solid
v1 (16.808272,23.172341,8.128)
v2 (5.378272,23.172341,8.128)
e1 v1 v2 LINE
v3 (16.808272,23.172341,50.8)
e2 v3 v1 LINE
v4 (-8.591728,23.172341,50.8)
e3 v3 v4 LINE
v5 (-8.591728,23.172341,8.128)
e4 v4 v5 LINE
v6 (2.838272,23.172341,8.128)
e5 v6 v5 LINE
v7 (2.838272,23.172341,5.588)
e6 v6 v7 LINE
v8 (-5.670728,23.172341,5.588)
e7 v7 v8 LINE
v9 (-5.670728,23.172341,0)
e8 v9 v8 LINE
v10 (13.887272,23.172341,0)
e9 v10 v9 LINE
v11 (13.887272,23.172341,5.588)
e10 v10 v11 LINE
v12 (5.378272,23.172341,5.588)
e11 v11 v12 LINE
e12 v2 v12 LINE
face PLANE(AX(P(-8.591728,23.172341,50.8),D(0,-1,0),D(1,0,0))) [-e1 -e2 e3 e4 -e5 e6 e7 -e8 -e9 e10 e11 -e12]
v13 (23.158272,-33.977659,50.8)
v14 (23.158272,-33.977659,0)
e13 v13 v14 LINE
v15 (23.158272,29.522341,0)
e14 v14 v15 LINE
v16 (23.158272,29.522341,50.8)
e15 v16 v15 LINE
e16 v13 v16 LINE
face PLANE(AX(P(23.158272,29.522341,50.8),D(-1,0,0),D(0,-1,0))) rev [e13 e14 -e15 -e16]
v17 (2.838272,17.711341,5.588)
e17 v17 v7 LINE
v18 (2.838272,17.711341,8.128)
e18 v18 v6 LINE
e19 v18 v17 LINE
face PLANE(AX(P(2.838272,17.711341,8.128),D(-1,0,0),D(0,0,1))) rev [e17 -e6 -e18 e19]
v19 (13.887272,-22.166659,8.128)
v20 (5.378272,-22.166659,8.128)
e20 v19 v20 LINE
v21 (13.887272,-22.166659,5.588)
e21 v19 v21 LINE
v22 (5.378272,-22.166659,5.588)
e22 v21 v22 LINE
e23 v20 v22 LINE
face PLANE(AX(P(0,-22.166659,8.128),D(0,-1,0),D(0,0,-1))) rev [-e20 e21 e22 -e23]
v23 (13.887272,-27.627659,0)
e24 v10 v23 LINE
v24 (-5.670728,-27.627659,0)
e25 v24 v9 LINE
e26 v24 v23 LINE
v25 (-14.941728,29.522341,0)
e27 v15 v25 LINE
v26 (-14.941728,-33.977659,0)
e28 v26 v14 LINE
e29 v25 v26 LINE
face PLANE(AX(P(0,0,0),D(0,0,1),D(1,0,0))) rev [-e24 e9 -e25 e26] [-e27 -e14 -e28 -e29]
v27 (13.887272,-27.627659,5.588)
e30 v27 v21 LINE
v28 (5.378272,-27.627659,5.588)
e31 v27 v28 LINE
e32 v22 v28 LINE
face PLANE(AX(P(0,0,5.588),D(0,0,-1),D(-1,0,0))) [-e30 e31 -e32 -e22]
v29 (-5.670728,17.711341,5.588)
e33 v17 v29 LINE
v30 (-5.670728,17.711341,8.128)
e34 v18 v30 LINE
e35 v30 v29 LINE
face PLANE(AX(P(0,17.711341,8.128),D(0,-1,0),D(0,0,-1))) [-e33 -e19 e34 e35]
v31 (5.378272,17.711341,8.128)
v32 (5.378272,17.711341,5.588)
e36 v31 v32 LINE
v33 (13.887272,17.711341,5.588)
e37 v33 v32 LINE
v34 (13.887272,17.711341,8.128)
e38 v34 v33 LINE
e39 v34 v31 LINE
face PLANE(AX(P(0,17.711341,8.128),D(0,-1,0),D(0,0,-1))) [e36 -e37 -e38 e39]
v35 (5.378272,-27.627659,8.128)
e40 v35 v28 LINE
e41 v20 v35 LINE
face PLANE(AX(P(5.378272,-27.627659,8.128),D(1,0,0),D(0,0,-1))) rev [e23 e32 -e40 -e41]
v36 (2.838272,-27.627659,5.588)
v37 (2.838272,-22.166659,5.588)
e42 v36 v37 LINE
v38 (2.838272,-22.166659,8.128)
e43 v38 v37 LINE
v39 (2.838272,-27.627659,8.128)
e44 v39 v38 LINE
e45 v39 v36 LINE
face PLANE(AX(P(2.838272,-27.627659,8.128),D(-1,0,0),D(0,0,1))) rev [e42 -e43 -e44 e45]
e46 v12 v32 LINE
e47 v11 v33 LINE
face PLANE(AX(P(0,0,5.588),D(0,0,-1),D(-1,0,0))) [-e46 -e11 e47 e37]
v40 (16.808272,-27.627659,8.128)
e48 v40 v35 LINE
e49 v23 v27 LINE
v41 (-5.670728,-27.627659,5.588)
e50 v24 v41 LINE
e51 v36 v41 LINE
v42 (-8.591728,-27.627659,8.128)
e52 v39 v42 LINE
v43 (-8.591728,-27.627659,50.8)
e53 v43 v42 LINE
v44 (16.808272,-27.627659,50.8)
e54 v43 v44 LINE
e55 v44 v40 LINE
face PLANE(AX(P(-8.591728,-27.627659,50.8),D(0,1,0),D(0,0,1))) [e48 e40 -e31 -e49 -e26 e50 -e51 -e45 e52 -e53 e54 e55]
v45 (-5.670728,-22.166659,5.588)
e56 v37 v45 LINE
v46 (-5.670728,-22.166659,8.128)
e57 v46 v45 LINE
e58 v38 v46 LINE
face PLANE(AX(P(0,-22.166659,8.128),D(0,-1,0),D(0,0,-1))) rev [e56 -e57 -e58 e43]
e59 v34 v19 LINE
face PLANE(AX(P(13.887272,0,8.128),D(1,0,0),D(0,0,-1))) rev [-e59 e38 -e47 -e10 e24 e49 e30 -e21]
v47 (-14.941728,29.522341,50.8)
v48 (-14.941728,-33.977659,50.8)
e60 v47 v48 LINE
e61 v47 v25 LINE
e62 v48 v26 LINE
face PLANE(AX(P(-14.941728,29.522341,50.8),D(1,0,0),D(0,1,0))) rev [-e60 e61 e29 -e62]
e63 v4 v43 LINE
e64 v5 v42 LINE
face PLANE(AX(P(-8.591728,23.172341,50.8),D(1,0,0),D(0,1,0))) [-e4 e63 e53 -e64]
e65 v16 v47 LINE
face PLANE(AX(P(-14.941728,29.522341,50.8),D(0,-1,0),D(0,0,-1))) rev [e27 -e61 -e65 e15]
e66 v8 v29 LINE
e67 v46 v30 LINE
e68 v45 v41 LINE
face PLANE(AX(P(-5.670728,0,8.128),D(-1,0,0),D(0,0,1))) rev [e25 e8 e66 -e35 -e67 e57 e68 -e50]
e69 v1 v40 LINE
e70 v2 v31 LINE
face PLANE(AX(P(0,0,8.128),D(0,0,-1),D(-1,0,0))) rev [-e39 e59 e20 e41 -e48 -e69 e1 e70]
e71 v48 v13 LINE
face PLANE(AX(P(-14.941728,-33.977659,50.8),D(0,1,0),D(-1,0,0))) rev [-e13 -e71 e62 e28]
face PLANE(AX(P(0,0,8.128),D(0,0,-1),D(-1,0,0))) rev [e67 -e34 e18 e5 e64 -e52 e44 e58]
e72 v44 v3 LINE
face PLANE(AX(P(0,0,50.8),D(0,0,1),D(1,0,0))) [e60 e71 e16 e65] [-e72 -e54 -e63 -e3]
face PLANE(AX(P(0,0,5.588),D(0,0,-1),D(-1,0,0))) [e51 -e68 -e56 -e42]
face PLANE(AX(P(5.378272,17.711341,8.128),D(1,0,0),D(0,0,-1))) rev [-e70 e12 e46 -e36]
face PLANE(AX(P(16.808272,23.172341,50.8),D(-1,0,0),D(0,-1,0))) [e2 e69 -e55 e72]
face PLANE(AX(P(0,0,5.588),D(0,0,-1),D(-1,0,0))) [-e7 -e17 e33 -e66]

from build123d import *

# Parameters (mm, degrees)
SKETCH1_W           = 38.1
SKETCH1_H           = 63.5
SKETCH1_W_2         = 25.4
SKETCH1_H_2         = 50.8
BOSS_EXTRUDE1_DEPTH = 50.8
SKETCH4_W           = 25.4
SKETCH4_H           = 5.461
SKETCH4_W_2         = 2.921
SKETCH4_H_2         = 39.878
BOSS_EXTRUDE2_DEPTH = 2.54
SKETCH5_W           = 2.921
SKETCH5_H           = 50.8
BOSS_EXTRUDE3_DEPTH = 5.588
SKETCH6_W           = 2.54
SKETCH6_H           = 5.461
CUT_EXTRUDE1_DEPTH  = 2.54


with BuildPart() as part:
    # Sketch1 → Boss-Extrude1 (new body)
    with BuildSketch(Plane.XY):
        with Locations((4.108271787, -2.227658789)):
            Rectangle(SKETCH1_W, SKETCH1_H)
        with Locations((4.108271787, -2.227658789)):
            Rectangle(SKETCH1_W_2, SKETCH1_H_2, mode=Mode.SUBTRACT)
    extrude(amount=BOSS_EXTRUDE1_DEPTH)

    # Sketch4 → Boss-Extrude2 (add)
    with BuildSketch(Plane(origin=(0, 0, 5.588), x_dir=(-1, 0, 0), z_dir=(0, 0, -1))):
        with Locations((-4.108271787, 20.441841211)):
            Rectangle(SKETCH4_W, SKETCH4_H)
        with Locations((-15.347771787, -2.227658789)):
            Rectangle(SKETCH4_W_2, SKETCH4_H_2)
        with Locations((-4.108271787, -24.897158789)):
            Rectangle(SKETCH4_W, SKETCH4_H)
        with Locations((7.131228213, -2.227658789)):
            Rectangle(SKETCH4_W_2, SKETCH4_H_2)
    extrude(amount=-BOSS_EXTRUDE2_DEPTH)

    # Sketch5 → Boss-Extrude3 (add)
    with BuildSketch(Plane(origin=(0, 0, 5.588), x_dir=(-1, 0, 0), z_dir=(0, 0, -1))):
        with Locations((-15.347771787, -2.227658789)):
            Rectangle(SKETCH5_W, SKETCH5_H)
        with Locations((7.131228213, -2.227658789)):
            Rectangle(SKETCH5_W, SKETCH5_H)
    extrude(amount=BOSS_EXTRUDE3_DEPTH)

    # Sketch6 → Cut-Extrude1 (cut)
    with BuildSketch(Plane(origin=(0, 0, 5.588), x_dir=(-1, 0, 0), z_dir=(0, 0, -1))):
        with Locations((-4.108271787, 20.441841211)):
            Rectangle(SKETCH6_W, SKETCH6_H)
        with Locations((-4.108271787, -24.897158789)):
            Rectangle(SKETCH6_W, SKETCH6_H)
    extrude(amount=-CUT_EXTRUDE1_DEPTH, mode=Mode.SUBTRACT)


solid = part.part
